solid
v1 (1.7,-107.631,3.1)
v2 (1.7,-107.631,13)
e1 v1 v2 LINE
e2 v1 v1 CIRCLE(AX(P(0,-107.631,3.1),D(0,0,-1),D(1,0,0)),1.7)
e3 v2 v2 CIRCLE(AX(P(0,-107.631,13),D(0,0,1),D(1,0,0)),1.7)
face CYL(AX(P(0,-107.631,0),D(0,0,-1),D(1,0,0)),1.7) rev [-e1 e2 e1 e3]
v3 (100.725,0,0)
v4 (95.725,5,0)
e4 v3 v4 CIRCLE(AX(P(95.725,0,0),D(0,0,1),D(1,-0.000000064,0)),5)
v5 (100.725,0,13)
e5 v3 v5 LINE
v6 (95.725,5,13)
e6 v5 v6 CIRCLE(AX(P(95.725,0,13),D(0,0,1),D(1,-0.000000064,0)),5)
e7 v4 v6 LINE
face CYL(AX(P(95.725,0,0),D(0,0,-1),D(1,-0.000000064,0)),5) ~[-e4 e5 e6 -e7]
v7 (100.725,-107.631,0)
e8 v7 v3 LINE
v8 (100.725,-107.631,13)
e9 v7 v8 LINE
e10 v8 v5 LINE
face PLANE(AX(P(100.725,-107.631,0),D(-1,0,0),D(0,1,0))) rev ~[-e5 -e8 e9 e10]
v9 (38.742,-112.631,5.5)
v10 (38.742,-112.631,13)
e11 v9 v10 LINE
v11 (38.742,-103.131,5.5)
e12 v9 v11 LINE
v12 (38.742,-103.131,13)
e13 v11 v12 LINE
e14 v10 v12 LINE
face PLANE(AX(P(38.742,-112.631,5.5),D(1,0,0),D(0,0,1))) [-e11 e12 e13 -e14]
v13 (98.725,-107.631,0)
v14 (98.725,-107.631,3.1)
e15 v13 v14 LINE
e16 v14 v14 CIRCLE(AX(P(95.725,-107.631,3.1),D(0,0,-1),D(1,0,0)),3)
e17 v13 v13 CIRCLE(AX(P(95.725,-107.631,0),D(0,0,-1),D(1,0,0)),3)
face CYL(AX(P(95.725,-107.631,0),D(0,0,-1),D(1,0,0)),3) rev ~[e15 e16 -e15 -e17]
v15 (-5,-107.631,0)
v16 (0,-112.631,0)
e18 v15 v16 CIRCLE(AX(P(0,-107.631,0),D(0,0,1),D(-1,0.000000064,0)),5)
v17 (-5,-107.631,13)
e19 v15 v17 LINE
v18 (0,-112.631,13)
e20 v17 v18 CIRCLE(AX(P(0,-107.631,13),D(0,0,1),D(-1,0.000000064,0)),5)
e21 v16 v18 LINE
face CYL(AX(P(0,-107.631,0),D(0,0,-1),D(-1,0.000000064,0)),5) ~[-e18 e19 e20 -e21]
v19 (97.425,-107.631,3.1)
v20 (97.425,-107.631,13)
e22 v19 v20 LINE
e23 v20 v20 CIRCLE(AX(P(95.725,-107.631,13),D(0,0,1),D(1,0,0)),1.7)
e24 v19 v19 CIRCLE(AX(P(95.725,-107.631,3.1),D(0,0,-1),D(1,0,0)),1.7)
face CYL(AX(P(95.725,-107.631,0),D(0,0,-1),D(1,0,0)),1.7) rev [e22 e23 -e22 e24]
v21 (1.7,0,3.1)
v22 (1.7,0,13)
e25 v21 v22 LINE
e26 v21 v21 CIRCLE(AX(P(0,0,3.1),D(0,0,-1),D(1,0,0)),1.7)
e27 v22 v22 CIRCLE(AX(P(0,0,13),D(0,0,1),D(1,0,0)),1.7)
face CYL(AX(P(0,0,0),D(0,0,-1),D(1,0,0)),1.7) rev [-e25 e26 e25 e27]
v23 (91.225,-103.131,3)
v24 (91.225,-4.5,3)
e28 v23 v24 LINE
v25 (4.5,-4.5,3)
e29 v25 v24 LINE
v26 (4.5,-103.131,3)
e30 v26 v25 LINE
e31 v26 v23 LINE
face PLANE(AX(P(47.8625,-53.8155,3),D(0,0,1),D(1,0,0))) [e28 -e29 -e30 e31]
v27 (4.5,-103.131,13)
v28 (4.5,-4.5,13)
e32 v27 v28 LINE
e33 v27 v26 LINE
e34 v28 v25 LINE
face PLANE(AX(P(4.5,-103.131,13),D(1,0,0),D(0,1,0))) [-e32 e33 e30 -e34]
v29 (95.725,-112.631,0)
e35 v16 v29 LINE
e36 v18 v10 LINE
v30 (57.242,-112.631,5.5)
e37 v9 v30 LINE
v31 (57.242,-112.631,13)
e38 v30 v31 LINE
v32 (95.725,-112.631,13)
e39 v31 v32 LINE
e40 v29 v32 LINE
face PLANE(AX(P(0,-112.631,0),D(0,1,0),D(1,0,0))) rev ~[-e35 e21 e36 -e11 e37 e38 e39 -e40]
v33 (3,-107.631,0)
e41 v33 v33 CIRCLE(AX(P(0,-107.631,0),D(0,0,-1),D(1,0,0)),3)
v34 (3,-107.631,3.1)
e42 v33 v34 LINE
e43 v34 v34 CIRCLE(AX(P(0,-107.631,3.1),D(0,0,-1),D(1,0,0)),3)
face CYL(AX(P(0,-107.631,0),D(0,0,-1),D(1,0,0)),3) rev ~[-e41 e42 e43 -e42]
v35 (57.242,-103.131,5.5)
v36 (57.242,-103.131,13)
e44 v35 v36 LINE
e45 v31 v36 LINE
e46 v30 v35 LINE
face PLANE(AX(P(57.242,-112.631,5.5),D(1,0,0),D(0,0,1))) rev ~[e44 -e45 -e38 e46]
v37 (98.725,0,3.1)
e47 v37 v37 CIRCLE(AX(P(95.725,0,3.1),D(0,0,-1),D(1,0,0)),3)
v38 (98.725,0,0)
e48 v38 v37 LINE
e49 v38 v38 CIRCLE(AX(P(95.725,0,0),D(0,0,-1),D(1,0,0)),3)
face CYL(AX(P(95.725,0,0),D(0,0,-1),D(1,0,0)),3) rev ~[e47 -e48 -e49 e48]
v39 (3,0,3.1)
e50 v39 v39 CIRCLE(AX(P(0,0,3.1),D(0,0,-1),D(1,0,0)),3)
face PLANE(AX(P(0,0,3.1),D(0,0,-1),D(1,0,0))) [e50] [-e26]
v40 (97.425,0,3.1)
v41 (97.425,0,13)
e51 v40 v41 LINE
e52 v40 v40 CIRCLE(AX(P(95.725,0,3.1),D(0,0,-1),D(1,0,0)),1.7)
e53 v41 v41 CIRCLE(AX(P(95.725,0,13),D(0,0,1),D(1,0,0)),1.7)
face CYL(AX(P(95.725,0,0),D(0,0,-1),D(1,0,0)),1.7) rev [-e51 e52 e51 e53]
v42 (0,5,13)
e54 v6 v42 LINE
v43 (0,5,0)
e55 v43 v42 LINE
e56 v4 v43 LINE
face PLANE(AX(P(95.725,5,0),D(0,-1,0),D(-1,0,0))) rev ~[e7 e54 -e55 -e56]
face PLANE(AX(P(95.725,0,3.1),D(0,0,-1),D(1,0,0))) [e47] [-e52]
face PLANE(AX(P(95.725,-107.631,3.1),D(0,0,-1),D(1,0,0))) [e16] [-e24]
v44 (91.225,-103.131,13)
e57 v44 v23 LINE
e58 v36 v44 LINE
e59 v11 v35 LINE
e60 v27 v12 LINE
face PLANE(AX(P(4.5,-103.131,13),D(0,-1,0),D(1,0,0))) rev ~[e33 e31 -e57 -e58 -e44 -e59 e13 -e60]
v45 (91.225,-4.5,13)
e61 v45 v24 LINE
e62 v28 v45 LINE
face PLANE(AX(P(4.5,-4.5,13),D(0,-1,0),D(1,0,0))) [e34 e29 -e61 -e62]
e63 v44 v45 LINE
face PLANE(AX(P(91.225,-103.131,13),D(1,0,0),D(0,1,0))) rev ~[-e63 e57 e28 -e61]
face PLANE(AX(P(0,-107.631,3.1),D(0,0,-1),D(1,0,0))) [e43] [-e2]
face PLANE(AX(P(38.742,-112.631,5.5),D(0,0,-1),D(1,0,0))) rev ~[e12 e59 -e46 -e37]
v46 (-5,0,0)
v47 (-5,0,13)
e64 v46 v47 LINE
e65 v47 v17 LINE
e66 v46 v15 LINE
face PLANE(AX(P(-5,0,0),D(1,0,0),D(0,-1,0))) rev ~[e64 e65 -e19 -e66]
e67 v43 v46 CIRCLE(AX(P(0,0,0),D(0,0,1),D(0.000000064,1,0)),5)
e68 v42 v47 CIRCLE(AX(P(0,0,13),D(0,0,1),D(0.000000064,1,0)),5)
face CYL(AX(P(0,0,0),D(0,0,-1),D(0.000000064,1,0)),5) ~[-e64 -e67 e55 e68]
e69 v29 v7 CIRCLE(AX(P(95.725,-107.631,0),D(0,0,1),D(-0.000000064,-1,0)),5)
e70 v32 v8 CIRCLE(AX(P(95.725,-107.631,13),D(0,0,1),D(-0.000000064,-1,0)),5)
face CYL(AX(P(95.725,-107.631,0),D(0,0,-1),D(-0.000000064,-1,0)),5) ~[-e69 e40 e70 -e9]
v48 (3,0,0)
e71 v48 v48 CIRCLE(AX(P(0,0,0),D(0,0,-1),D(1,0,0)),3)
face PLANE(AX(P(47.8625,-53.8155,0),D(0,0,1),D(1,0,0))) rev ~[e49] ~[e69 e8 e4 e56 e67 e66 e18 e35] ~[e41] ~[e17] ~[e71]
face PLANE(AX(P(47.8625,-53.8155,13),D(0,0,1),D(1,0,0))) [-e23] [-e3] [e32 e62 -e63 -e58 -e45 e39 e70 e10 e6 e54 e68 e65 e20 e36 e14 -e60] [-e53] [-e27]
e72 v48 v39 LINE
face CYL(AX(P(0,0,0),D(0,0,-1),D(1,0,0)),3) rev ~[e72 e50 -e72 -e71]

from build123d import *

# Parameters (mm, degrees)
SKETCH_R        = 1.7
PAD_DEPTH       = 13
SKETCH001_W     = 86.725
SKETCH001_H     = 98.631
POCKET_DEPTH    = 10
SKETCH002_W     = 18.5
SKETCH002_H     = 7.5
POCKET001_DEPTH = 11
SKETCH003_R     = 3
POCKET002_DEPTH = 3.1


with BuildPart() as part:
    # Sketch → Pad (new body)
    with BuildSketch(Plane.XY):
        with BuildLine():
            Line((-5, 0), (-5, -107.631))
            ThreePointArc((-5, -107.631), (-3.535534, -111.166534), (0, -112.631))
            Line((0, -112.631), (95.725, -112.631))
            ThreePointArc((95.725, -112.631), (99.260534, -111.166534), (100.725, -107.631))
            Line((100.725, -107.631), (100.725, 0))
            ThreePointArc((100.725, 0), (99.260534, 3.535534), (95.725, 5))
            Line((95.725, 5), (0, 5))
            ThreePointArc((0, 5), (-3.535534, 3.535534), (-5, 0))
        make_face()
        Circle(SKETCH_R, mode=Mode.SUBTRACT)
        with Locations((95.725, 0)):
            Circle(SKETCH_R, mode=Mode.SUBTRACT)
        with Locations((95.725, -107.631)):
            Circle(SKETCH_R, mode=Mode.SUBTRACT)
        with Locations((0, -107.631)):
            Circle(SKETCH_R, mode=Mode.SUBTRACT)
    extrude(amount=PAD_DEPTH)

    # Sketch001 (on Face14 of Pad) → Pocket (cut)
    with BuildSketch(Plane.XY.offset(13)):
        with Locations((47.8625, -53.8155)):
            Rectangle(SKETCH001_W, SKETCH001_H)
    extrude(amount=-POCKET_DEPTH, mode=Mode.SUBTRACT)

    # Sketch002 (on Face7 of Pocket) → Pocket001 (cut)
    with BuildSketch(Plane.XZ.offset(112.631)):
        with Locations((47.992, 9.25)):
            Rectangle(SKETCH002_W, SKETCH002_H)
    extrude(amount=-POCKET001_DEPTH, mode=Mode.SUBTRACT)

    # Sketch003 (on Face4 of Pocket001) → Pocket002 (cut)
    with BuildSketch(Plane(origin=(0, 0, 0), x_dir=(1, 0, 0), z_dir=(0, 0, -1))):
        with Locations((0, 107.631)):
            Circle(SKETCH003_R)
        with Locations((95.725, 107.631)):
            Circle(SKETCH003_R)
        with Locations((95.725, 0)):
            Circle(SKETCH003_R)
        Circle(SKETCH003_R)
    extrude(amount=-POCKET002_DEPTH, mode=Mode.SUBTRACT)


solid = part.part
